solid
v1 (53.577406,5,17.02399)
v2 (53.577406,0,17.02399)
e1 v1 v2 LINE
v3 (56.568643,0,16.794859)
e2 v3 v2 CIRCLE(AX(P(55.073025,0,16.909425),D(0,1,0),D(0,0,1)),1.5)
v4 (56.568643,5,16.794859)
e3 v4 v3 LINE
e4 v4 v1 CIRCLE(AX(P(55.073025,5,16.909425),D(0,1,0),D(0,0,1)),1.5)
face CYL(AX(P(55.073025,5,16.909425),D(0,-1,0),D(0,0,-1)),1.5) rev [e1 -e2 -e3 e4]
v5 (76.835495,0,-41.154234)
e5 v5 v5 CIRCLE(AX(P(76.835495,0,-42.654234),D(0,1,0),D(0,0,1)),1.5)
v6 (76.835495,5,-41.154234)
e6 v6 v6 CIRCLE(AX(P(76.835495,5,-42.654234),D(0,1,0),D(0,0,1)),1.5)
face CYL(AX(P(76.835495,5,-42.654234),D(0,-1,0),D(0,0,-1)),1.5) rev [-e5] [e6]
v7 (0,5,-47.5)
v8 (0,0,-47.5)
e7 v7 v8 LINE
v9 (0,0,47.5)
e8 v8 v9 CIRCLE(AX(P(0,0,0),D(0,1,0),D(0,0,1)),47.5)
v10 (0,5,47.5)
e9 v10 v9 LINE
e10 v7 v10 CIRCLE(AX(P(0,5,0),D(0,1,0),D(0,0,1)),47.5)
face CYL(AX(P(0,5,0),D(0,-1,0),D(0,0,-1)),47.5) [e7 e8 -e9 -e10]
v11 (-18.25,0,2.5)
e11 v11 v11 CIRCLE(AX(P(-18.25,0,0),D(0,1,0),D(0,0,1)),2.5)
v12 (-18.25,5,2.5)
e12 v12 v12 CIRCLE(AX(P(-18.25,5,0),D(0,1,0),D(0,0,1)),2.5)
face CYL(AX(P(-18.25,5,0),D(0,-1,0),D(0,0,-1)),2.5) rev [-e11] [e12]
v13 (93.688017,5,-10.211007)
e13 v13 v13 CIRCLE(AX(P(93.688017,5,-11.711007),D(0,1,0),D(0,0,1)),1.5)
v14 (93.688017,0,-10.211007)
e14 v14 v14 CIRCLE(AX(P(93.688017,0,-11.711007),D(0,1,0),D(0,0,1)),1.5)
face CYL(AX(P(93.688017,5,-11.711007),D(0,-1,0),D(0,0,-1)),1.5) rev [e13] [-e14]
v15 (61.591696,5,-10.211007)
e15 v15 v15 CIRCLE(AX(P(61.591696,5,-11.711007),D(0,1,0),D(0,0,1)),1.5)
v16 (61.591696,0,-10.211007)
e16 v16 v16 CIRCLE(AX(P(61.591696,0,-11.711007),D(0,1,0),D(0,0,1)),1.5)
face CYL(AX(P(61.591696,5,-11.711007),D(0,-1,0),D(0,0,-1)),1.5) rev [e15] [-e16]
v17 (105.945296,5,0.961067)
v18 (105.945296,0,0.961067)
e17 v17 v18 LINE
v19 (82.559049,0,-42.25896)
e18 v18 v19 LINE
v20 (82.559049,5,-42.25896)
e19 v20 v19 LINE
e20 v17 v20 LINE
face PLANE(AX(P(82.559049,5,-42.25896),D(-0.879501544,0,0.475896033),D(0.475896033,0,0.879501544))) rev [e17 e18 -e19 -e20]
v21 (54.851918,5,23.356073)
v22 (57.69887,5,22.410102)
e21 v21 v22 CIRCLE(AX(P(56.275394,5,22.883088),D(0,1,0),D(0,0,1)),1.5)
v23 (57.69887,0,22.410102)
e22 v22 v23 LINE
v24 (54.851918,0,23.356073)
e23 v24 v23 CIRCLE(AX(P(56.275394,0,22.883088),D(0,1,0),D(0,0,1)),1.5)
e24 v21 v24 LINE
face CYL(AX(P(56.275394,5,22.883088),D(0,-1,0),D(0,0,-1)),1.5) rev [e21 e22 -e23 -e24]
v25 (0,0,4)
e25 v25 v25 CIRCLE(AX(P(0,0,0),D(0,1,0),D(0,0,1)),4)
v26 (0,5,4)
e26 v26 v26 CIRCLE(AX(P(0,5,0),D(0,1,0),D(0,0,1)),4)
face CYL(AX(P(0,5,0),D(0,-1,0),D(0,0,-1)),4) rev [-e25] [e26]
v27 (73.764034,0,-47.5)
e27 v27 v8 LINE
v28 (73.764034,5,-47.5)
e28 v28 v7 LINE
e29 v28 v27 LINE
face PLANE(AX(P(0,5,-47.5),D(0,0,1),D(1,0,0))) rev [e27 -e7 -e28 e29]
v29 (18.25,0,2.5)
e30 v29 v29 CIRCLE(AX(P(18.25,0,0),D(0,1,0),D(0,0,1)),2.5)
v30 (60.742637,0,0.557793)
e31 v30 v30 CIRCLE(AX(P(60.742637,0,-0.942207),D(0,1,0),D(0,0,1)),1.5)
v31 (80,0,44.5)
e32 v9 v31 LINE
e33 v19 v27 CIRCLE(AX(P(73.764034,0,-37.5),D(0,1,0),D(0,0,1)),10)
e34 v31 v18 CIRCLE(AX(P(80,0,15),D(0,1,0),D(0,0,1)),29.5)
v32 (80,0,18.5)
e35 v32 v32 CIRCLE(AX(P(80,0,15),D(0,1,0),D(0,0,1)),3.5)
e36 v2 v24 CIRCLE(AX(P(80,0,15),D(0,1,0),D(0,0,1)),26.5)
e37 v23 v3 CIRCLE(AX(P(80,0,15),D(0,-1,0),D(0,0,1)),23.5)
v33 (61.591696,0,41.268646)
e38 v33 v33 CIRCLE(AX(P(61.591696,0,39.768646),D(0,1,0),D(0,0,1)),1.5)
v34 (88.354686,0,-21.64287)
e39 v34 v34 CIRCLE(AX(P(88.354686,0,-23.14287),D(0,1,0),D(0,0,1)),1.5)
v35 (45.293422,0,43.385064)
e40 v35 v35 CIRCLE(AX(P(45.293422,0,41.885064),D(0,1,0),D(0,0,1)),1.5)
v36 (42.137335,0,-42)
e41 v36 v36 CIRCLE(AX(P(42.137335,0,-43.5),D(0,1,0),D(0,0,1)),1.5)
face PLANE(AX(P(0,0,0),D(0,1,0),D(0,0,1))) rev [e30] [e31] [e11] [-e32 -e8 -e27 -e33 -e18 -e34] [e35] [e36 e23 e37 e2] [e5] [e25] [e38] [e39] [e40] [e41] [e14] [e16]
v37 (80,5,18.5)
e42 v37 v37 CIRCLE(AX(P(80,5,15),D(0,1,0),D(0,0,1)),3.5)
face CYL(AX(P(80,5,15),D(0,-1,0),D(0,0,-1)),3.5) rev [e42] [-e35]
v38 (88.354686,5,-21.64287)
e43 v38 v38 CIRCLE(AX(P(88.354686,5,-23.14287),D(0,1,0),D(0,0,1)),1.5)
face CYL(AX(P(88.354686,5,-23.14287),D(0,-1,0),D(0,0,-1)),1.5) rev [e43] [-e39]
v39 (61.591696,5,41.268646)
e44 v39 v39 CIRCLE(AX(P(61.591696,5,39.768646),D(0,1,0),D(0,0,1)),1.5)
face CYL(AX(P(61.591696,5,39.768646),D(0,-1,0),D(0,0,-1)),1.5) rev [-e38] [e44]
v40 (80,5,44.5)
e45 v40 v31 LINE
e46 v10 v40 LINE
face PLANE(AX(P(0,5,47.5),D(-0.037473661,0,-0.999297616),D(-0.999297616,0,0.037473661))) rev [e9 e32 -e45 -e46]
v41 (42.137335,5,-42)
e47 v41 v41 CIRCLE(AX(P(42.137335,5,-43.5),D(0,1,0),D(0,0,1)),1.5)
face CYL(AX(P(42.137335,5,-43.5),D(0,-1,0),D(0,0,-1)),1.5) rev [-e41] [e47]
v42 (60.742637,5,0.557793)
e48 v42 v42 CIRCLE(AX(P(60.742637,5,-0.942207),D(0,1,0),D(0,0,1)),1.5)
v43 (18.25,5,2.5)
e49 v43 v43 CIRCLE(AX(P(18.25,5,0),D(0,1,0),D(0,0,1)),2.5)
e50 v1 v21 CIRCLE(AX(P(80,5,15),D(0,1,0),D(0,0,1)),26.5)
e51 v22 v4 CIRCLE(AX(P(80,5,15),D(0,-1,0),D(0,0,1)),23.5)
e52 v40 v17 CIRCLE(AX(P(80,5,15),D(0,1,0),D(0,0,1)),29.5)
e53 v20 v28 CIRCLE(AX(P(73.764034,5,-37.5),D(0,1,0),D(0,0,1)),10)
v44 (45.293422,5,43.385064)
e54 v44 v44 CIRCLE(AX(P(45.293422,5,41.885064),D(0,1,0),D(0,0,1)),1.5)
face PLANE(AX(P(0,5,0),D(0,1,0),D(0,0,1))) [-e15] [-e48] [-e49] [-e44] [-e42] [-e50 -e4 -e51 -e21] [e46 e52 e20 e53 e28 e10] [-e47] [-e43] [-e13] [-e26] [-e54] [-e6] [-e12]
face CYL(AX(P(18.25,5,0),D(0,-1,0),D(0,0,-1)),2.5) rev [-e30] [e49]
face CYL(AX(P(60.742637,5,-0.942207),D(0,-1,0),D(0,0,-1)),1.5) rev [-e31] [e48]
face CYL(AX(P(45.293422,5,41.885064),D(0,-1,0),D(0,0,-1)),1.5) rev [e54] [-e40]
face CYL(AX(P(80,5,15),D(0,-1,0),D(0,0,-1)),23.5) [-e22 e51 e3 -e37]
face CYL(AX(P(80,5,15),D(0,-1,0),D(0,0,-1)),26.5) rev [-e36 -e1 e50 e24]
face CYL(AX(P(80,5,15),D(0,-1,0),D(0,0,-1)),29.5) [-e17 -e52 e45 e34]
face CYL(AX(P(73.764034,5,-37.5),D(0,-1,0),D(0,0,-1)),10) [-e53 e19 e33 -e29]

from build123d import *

# Parameters (mm, degrees)
SKETCH1_R           = 4
SKETCH1_R_2         = 1.5
SKETCH1_R_3         = 2.5
SKETCH1_R_4         = 3.5
BOSS_EXTRUDE1_DEPTH = 5


with BuildPart() as part:
    # Sketch1 → Boss-Extrude1 (new body)
    with BuildSketch(Plane(origin=(0, 0, 0), x_dir=(1, 0, 0), z_dir=(0, 1, 0))):
        with BuildLine():
            Line((0, -47.5), (80, -44.5))
            ThreePointArc((80, -44.5), (105.341650726, -30.101348895), (105.945295539, -0.961067014))
            Line((105.945295539, -0.961067014), (82.559049402, 42.258960334))
            ThreePointArc((82.559049402, 42.258960334), (78.883135286, 46.090390077), (73.764033965, 47.5))
            Line((73.764033965, 47.5), (0, 47.5))
            ThreePointArc((0, 47.5), (-47.5, 0), (0, -47.5))
        make_face()
        with Locations(Location((0, 0, 0), (0, 0, 270))):
            Circle(SKETCH1_R, mode=Mode.SUBTRACT)
        with Locations(Location((60.74263676, 0.942206906, 0), (0, 0, 270))):
            Circle(SKETCH1_R_2, mode=Mode.SUBTRACT)
        with Locations(Location((18.25, 0, 0), (0, 0, 270))):
            Circle(SKETCH1_R_3, mode=Mode.SUBTRACT)
        with Locations(Location((-18.25, 0, 0), (0, 0, 270))):
            Circle(SKETCH1_R_3, mode=Mode.SUBTRACT)
        with Locations(Location((80, -15, 0), (0, 0, 270))):
            Circle(SKETCH1_R_4, mode=Mode.SUBTRACT)
        with Locations(Location((76.835494757, 42.654234046, 0), (0, 0, 270))):
            Circle(SKETCH1_R_2, mode=Mode.SUBTRACT)
        with Locations(Location((88.354686129, 23.142870245, 0), (0, 0, 270))):
            Circle(SKETCH1_R_2, mode=Mode.SUBTRACT)
        with Locations(Location((42.137334928, 43.5, 0), (0, 0, 270))):
            Circle(SKETCH1_R_2, mode=Mode.SUBTRACT)
        with Locations(Location((45.293422434, -41.885064382, 0), (0, 0, 270))):
            Circle(SKETCH1_R_2, mode=Mode.SUBTRACT)
        with Locations(Location((61.591696316, 11.71100727, 0), (0, 0, 270))):
            Circle(SKETCH1_R_2, mode=Mode.SUBTRACT)
        with Locations(Location((93.688017257, 11.71100727, 0), (0, 0, 270))):
            Circle(SKETCH1_R_2, mode=Mode.SUBTRACT)
        with Locations(Location((61.591696316, -39.768646015, 0), (0, 0, 270))):
            Circle(SKETCH1_R_2, mode=Mode.SUBTRACT)
        with BuildLine():
            ThreePointArc((53.577406183, -17.023990113), (54.021018537, -20.229007757), (54.851917667, -23.356072939))
            ThreePointArc((54.851917667, -23.356072939), (56.748379286, -24.306564037), (57.698870384, -22.410102418))
            ThreePointArc((57.698870384, -22.410102418), (56.962035306, -19.637044615), (56.568643219, -16.794859157))
            ThreePointArc((56.568643219, -16.794859157), (54.958459223, -15.413806117), (53.577406183, -17.023990113))
        make_face(mode=Mode.SUBTRACT)
    extrude(amount=BOSS_EXTRUDE1_DEPTH)


solid = part.part
